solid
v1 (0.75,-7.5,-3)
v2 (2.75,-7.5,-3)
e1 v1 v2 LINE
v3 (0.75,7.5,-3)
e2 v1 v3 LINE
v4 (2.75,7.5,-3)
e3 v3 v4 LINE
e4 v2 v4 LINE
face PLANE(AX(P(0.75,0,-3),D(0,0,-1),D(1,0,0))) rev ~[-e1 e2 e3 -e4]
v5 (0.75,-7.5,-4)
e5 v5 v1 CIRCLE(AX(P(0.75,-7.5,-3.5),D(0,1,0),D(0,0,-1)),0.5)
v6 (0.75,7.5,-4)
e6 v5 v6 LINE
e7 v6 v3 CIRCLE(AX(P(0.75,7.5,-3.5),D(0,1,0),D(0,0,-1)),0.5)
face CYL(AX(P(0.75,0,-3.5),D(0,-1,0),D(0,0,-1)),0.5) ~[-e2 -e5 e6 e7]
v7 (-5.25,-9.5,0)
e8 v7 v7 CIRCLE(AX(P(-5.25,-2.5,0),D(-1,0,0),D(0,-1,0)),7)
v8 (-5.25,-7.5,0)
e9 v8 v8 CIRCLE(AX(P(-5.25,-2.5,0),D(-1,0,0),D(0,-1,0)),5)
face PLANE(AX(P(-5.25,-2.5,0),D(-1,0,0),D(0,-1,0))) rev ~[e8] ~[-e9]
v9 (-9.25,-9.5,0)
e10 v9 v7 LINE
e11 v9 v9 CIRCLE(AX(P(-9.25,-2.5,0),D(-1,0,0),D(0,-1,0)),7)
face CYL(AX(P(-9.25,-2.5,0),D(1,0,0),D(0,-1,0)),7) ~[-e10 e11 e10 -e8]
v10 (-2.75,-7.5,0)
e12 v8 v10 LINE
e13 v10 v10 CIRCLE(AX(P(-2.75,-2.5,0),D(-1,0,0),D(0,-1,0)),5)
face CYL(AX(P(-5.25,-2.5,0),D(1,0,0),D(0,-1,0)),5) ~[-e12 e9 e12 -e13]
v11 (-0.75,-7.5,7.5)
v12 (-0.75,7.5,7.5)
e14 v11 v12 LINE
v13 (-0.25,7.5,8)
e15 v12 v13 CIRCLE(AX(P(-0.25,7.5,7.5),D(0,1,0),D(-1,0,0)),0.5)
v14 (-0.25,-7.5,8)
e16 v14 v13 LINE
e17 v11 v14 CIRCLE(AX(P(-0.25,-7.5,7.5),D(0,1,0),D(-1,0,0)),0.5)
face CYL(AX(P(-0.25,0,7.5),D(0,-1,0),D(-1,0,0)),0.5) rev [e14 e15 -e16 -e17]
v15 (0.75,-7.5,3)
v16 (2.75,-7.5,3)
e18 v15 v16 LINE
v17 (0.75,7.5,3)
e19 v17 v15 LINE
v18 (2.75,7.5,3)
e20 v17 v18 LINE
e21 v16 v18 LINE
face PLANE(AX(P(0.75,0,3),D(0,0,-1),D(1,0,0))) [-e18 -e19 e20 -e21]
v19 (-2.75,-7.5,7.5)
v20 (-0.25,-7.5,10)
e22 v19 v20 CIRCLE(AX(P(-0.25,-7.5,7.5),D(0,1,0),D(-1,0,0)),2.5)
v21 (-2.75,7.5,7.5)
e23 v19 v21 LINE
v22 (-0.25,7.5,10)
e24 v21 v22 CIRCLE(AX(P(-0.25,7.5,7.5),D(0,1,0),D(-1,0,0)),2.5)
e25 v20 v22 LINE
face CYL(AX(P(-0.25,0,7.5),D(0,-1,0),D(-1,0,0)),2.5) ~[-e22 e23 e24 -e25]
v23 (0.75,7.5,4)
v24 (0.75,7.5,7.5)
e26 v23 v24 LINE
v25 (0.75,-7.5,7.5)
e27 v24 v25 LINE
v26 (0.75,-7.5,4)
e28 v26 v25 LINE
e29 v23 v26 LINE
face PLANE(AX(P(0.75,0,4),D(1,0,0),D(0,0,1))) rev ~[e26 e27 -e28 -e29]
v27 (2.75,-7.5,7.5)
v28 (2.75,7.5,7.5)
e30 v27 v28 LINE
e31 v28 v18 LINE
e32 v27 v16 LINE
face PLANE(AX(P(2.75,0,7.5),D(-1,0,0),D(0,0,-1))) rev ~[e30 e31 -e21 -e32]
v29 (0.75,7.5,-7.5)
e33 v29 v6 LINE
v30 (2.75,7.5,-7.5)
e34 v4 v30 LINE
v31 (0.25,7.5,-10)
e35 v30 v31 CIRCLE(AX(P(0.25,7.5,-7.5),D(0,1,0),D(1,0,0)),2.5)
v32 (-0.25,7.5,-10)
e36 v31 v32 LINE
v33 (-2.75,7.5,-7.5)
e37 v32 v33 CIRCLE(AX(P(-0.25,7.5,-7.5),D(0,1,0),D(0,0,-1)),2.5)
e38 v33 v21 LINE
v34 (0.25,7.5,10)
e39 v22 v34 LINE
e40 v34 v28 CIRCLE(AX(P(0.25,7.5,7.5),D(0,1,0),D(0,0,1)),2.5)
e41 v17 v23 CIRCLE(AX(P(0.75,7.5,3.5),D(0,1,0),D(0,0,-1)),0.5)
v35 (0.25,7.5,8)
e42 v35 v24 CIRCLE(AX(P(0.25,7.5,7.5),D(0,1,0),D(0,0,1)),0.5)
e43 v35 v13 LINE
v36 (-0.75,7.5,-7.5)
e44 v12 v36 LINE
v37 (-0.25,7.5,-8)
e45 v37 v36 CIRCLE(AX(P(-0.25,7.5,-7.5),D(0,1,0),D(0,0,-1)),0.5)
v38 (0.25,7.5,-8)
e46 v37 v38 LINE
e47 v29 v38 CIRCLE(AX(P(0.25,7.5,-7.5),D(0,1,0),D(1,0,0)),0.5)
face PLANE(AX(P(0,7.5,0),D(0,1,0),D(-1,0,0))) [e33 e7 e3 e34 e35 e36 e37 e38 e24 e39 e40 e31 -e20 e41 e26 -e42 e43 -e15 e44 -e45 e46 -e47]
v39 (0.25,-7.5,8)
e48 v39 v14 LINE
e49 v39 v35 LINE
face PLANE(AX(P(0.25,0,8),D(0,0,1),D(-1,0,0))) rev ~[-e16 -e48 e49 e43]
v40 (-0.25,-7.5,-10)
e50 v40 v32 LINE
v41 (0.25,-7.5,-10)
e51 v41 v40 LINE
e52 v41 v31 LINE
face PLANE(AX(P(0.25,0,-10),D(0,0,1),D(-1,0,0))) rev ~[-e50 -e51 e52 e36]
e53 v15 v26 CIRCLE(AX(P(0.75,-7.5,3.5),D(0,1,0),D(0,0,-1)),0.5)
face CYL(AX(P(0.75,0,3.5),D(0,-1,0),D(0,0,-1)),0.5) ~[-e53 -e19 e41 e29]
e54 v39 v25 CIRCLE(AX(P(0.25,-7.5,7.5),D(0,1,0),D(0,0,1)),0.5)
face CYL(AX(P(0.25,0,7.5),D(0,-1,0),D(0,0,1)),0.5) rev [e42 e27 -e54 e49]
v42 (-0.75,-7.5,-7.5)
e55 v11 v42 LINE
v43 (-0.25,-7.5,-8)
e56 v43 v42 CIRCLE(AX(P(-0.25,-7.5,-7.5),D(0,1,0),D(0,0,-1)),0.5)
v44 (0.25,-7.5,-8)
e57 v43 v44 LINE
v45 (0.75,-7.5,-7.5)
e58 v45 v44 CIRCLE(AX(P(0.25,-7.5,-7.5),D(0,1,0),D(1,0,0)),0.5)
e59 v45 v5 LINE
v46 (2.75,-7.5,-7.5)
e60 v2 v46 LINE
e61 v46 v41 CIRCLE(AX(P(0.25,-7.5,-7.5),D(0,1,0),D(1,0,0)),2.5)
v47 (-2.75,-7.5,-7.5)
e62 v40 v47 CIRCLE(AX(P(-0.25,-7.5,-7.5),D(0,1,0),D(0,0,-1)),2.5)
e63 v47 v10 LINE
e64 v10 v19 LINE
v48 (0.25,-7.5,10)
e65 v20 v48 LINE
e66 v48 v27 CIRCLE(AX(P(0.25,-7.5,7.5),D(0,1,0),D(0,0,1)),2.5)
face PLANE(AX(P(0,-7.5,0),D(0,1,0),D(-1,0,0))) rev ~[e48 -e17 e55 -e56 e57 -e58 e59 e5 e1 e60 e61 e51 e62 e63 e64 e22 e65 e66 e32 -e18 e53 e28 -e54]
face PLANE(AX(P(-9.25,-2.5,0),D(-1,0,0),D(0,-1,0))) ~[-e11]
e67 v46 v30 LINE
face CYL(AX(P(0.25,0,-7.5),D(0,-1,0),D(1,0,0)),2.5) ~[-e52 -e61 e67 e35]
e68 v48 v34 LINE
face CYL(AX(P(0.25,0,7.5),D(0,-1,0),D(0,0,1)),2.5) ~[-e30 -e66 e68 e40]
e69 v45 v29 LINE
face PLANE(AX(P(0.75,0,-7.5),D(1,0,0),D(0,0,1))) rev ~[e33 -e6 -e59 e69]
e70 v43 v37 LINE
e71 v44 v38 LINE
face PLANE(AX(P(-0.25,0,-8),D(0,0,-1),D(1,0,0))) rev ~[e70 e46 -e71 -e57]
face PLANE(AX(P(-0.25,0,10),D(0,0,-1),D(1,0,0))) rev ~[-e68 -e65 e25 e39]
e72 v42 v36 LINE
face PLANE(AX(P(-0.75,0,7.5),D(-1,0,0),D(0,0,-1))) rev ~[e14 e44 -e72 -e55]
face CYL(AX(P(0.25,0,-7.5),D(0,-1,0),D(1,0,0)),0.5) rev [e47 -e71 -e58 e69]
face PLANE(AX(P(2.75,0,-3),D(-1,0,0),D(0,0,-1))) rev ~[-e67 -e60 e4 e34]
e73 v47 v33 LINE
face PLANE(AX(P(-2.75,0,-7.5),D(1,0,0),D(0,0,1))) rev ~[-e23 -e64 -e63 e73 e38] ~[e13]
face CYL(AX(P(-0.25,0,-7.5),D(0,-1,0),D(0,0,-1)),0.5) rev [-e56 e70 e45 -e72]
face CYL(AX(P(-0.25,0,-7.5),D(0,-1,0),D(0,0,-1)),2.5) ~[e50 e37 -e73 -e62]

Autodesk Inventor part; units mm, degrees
ref_plane "YZ Plane" through (0, 0, 0) normal (1, 0, 0) x (0, 1, 0)
ref_plane "XZ Plane" through (0, 0, 0) normal (0, 1, 0) x (-1, 0, 0)
ref_plane "XY Plane" through (0, 0, 0) normal (0, 0, 1) x (1, 0, 0)
sketch "Sketch1" plane through (0, 0, 0) normal (0, 1, 0) x (-1, 0, 0)
  line L0 (-0.25, 8) -> (0.25, 8)
  line L1 (0.75, 7.5) -> (0.75, -7.5)
  line L2 (0.25, -8) -> (-0.25, -8)
  line L3 (-0.75, -7.5) -> (-0.75, 7.5)
  line L4 (-0.75, 8) -> (0.75, -8) construction
  line L5 (0.75, 8) -> (-0.75, -8) construction
  arc A0 (0.25, -8) -> (0.75, -7.5) centre (0.25, -7.5) ccw
  arc A1 (-0.75, -7.5) -> (-0.25, -8) centre (-0.25, -7.5) ccw
  arc A2 (-0.25, 8) -> (-0.75, 7.5) centre (-0.25, 7.5) ccw
  arc A3 (0.75, 7.5) -> (0.25, 8) centre (0.25, 7.5) ccw
  line L6 (-0.25, -10) -> (0.25, -10)
  arc A4 (0.25, -10) -> (2.75, -7.5) centre (0.25, -7.5) ccw
  line L7 (2.75, -7.5) -> (2.75, 7.5)
  arc A5 (2.75, 7.5) -> (0.25, 10) centre (0.25, 7.5) ccw
  line L8 (0.25, 10) -> (-0.25, 10)
  arc A6 (-0.25, 10) -> (-2.75, 7.5) centre (-0.25, 7.5) ccw
  line L9 (-2.75, 7.5) -> (-2.75, -7.5)
  arc A7 (-2.75, -7.5) -> (-0.25, -10) centre (-0.25, -7.5) ccw
  line L10 (-0.75, 3) -> (-2.75, 3)
  line L11 (-0.75, -3) -> (-2.75, -3)
  line L12 (2.75, 0) -> (-2.75, 0) construction
  arc A8 (-0.75, -4) -> (-0.75, -3) centre (-0.75, -3.5) ccw
  arc A9 (-0.75, 3) -> (-0.75, 4) centre (-0.75, 3.5) ccw
  point P0 (0, 0)
  point P1 (0, 8)
  point P2 (-1.75, -3)
  dimension "d0" = 0.5
  dimension "d2" = 2
  dimension "d3" = 16
  dimension "d4" = 1.5
  dimension "d5" = 6
  dimension "d19" = 0.5
extrude "Extrusion1" add sketch "Sketch1" along normal mid plane 15 contours A2 L3 L10 L9 A6 L8 A5 L7 A4 L6 A7 L11 A1 L2 A0 L1 A3 L0 | A9 L3 | A8 L3
sketch "Sketch2" plane through (0, 0, 0) normal (0, 0, 1) x (1, 0, 0)
  line L0 (-2.75, -2.5) -> (-9.25, -2.5)
  line L1 (-9.25, -2.5) -> (-9.25, -9.5)
  line L2 (-9.25, -9.5) -> (-5.25, -9.5)
  line L3 (-5.25, -9.5) -> (-5.25, -7.5)
  line L4 (-5.25, -7.5) -> (-2.75, -7.5)
  line L5 (-0.75, -7.5) -> (-2.75, -7.5) projected
  line L6 (-2.75, -7.5) -> (-2.75, 7.5) projected
  line L7 (-2.75, 7.5) -> (-0.75, 7.5) projected
  line L8 (-0.75, 7.5) -> (-0.75, -7.5) projected
  point P0 (0, 0)
  point P1 (-4, -7.5)
  point P2 (-5.25, -8.5)
  dimension "d8" = 14
  dimension "d9" = 10
  dimension "d10" = 2.5
  dimension "d11" = 6.5
revolve "Revolution1" add sketch "Sketch2" angle 360 about axis through (-2.75, -2.5, 0) along (-1, 0, 0) contours L6 L4 L3 L2 L1 L0
sketch "Sketch6" plane through (0, -7.5, 0) normal (0, -1, 0) x (1, 0, 0)
  point P0 (0, 0)
sketch "Sketch3" plane through (-9.25, -2.5, 0) normal (-1, 0, 0) x (0, 0, 1)
  circle A0 centre (0, 0) radius 7 projected
  line L0 (0, -5) -> (-7.5, -5) projected
  line L1 (7.5, -5) -> (0, -5) projected
  point P0 (0, 2.5)
  point P1 (4.899, -5)
  point P2 (-4.899, -5)
sketch "Sketch5" plane through (2.75, -7.5, 7.5) normal (1, 0, 0) x (0, 0, -1)
  circle A0 centre (7.5, 5) radius 5 projected
  point P0 (7.5, 7.5)
  point P1 (7.5, 0)
sketch "Sketch4" plane through (-9.25, -2.5, 0) normal (-1, 0, 0) x (0, 0, 1)
  point P0 (0, 2.5)
  point P1 (-0.0228, 0.0816)
properties part number "FS-01-SLBV2"
